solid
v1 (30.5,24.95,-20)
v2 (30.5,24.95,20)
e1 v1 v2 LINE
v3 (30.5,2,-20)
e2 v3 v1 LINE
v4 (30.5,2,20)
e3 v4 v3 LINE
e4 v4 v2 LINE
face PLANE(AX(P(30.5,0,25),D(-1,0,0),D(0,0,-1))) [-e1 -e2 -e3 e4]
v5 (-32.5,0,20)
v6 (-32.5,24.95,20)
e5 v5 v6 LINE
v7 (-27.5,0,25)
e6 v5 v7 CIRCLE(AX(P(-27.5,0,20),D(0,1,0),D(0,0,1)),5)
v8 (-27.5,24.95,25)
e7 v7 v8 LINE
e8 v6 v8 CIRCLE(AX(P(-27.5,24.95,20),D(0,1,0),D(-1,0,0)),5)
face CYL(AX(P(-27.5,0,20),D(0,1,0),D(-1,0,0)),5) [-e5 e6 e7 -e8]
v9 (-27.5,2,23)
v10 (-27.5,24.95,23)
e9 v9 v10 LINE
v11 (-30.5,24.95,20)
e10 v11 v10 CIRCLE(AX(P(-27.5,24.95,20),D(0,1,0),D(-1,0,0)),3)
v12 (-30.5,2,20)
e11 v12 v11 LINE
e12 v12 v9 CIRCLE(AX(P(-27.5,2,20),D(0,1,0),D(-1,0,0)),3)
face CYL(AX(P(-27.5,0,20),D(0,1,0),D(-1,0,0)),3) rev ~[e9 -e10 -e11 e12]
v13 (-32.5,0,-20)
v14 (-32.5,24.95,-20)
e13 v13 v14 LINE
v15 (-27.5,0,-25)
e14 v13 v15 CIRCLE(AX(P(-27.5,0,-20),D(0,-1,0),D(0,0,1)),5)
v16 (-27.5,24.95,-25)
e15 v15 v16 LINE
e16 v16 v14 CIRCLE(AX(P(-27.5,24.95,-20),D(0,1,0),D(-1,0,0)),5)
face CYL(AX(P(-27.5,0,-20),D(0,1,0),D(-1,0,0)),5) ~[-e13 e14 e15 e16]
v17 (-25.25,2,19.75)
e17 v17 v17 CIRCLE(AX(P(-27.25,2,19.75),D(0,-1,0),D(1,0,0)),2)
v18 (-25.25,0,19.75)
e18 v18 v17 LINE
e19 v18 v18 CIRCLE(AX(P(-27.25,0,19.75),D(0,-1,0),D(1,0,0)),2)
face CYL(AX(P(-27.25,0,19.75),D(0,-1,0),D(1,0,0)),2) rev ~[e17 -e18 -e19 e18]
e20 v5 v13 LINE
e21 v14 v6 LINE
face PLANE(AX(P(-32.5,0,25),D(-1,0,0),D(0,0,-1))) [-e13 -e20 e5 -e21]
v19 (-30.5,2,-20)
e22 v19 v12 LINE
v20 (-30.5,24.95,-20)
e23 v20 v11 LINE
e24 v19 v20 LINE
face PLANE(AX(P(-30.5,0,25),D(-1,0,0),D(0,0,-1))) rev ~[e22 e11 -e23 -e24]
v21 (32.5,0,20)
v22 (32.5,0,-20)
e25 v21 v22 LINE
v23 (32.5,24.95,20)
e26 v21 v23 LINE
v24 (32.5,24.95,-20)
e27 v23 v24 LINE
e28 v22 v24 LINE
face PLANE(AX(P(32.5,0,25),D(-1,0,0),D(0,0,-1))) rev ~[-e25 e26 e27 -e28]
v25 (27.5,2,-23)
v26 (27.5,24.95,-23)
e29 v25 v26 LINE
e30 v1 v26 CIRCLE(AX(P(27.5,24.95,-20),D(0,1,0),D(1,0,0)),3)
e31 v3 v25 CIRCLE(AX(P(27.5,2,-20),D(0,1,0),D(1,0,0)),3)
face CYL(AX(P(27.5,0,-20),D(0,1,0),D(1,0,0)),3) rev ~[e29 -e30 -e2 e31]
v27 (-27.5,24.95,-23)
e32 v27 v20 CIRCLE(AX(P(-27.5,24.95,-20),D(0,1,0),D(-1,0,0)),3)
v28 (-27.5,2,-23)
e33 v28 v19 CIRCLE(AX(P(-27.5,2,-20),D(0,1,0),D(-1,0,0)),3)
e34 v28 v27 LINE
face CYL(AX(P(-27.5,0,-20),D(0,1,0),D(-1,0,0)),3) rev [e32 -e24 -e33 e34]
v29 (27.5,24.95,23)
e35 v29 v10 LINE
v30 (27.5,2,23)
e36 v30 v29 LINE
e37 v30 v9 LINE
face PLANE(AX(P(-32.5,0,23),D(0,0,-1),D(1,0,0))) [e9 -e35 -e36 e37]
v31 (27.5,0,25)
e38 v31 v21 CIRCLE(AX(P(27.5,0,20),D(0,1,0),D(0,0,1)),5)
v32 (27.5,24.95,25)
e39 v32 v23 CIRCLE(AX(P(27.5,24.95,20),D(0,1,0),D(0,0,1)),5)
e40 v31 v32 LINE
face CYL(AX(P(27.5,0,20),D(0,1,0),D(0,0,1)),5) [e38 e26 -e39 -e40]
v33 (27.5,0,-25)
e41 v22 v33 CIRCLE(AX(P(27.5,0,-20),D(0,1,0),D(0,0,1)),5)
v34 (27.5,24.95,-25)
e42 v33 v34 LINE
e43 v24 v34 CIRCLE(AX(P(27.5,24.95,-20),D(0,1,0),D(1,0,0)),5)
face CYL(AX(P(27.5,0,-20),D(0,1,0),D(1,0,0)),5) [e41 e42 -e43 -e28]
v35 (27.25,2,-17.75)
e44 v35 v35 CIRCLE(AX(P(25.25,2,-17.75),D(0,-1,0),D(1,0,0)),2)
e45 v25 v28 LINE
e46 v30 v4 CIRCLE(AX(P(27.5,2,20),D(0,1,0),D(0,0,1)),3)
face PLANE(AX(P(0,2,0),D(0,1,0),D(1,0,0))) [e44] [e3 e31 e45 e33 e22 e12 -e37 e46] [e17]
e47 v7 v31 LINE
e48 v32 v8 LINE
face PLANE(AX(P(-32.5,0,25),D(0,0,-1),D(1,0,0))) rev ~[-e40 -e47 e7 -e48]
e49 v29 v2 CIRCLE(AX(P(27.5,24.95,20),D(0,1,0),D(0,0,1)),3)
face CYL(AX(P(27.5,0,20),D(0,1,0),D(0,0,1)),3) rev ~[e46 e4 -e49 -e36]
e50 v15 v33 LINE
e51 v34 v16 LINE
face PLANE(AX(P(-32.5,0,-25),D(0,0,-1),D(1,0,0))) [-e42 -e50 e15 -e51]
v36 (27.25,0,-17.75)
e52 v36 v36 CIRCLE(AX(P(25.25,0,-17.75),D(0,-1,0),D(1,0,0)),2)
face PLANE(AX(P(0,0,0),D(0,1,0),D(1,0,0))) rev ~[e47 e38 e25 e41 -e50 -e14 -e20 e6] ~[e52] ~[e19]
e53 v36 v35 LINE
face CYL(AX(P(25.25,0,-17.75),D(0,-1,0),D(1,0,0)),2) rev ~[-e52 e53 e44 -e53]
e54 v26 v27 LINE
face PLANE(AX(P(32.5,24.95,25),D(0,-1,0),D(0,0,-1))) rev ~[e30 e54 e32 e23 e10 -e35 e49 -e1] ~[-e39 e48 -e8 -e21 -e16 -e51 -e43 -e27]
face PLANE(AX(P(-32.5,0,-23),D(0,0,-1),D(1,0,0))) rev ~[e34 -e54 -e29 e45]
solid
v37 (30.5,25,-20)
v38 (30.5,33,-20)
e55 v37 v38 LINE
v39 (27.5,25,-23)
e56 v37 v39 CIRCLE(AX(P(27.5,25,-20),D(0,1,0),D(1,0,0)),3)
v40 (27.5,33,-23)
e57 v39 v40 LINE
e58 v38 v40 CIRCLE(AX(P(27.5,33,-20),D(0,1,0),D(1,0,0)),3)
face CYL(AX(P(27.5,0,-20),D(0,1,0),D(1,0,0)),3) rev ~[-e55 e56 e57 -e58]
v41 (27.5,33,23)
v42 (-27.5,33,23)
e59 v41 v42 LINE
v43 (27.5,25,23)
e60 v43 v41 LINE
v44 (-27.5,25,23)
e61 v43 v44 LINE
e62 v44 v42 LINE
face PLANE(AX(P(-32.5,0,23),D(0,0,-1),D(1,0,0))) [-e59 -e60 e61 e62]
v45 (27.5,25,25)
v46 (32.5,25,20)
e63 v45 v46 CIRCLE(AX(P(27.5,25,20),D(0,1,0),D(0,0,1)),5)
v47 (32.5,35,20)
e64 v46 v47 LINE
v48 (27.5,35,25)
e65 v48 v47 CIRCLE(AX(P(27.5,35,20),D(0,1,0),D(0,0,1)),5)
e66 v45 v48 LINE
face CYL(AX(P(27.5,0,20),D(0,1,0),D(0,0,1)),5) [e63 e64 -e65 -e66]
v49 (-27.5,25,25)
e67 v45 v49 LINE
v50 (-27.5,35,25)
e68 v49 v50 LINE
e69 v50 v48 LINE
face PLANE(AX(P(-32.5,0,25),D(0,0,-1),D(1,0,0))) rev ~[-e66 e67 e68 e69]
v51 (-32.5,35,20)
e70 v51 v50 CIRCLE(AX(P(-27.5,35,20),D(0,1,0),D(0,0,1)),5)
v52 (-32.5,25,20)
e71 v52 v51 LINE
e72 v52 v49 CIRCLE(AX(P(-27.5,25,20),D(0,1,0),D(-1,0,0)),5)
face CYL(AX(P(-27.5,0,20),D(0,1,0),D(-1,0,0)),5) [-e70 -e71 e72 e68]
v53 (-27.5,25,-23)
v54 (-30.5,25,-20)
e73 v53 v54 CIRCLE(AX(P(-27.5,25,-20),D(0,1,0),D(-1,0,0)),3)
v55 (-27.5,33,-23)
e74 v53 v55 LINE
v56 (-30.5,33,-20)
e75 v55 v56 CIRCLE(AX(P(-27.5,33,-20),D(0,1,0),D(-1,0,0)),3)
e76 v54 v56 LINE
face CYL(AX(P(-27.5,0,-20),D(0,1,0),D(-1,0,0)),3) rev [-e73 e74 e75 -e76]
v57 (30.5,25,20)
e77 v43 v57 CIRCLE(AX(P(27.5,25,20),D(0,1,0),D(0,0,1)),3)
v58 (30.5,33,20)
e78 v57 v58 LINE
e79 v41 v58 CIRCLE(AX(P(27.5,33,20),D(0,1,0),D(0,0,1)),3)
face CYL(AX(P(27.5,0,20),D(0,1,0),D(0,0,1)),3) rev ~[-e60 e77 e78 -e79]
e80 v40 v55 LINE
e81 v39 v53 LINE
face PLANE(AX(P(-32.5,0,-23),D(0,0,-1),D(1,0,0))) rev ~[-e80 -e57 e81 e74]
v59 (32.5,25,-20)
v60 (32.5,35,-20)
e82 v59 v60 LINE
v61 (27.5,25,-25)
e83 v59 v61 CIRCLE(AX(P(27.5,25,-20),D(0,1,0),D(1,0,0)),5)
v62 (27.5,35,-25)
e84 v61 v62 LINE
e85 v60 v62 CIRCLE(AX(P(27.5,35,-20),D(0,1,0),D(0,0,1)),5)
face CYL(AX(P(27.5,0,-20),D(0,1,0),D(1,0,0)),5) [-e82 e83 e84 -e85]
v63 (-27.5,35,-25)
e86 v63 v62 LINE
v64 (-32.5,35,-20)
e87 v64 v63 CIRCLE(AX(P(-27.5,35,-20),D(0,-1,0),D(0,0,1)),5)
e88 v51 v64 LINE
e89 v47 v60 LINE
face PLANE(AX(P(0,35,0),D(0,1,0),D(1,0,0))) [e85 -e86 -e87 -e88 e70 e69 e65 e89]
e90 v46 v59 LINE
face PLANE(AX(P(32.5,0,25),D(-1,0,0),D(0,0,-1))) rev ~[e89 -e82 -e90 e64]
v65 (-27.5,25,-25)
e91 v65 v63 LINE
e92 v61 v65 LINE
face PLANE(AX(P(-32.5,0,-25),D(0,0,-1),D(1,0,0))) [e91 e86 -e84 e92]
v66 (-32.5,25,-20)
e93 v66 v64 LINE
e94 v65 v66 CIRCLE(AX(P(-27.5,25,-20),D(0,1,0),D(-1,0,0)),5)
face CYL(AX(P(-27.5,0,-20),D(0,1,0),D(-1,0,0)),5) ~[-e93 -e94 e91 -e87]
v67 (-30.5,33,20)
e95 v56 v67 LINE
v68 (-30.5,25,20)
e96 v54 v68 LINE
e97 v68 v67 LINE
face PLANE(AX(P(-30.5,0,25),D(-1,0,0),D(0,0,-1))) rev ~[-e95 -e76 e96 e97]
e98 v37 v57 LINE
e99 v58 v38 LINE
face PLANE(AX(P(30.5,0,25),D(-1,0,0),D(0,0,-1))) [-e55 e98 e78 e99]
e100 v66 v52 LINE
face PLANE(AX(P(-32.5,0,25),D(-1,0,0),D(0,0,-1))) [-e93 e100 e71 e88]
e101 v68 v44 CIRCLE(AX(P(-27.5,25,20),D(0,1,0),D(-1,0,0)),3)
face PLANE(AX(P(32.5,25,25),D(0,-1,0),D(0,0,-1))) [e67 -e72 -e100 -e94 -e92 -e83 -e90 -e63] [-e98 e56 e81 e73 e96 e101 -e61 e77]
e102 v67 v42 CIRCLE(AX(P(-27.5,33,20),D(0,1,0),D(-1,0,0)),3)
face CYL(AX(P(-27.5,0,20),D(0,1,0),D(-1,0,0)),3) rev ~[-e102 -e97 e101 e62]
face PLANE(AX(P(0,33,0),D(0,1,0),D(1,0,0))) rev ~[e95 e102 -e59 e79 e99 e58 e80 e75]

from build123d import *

# Parameters (mm, degrees)
SKETCH1_W           = 65
SKETCH1_H           = 50
BOSS_EXTRUDE1_DEPTH = 35
FILLET2_R           = 5
SHELL3_T            = 2
SKETCH5_W           = 50
SKETCH5_H           = 0.05
CUT_EXTRUDE1_DEPTH  = 66
CUT_EXTRUDE2_REACH  = 37
SKETCH6_R           = 2


with BuildPart() as part:
    # Sketch1 → Boss-Extrude1 (new body)
    with BuildSketch(Plane(origin=(0, 0, 0), x_dir=(1, 0, 0), z_dir=(0, 1, 0))):
        Rectangle(SKETCH1_W, SKETCH1_H)
    extrude(amount=BOSS_EXTRUDE1_DEPTH)

    # Fillet2
    fillet2_edges = [part.edges().sort_by_distance(p)[0] for p in [
        (32.5, 17.5, 25),
        (-32.5, 17.5, 25),
        (-32.5, 17.5, -25),
        (32.5, 17.5, -25),
    ]]
    fillet(fillet2_edges, radius=FILLET2_R)

    # Shell3 (no face opened: a closed hollow body)
    add(offset(amount=-SHELL3_T, mode=Mode.PRIVATE), mode=Mode.SUBTRACT)

    # Sketch5 → Cut-Extrude1 (cut, through all)
    with BuildSketch(Plane(origin=(32.5, 0, 0), x_dir=(0, 0, -1), z_dir=(1, 0, 0))):
        with Locations((0, 24.975)):
            Rectangle(SKETCH5_W, SKETCH5_H)
    extrude(amount=-CUT_EXTRUDE1_DEPTH, mode=Mode.SUBTRACT)

    # Sketch6 → Cut-Extrude2 (cut, up to next)
    with BuildSketch(Plane.XZ, mode=Mode.PRIVATE) as cut_extrude2_sk1:
        with Locations((-27.25, 19.75)):
            Circle(SKETCH6_R)
    cut_extrude2_tool1 = extrude(cut_extrude2_sk1.sketch, amount=-CUT_EXTRUDE2_REACH, mode=Mode.PRIVATE) & part.part
    add(cut_extrude2_tool1.solids().sort_by_distance((-27.25, 0, 19.75))[0], mode=Mode.SUBTRACT)
    # Sketch6 → Cut-Extrude2 (cut, up to next)
    with BuildSketch(Plane.XZ, mode=Mode.PRIVATE) as cut_extrude2_sk2:
        with Locations((25.25, -17.75)):
            Circle(SKETCH6_R)
    cut_extrude2_tool2 = extrude(cut_extrude2_sk2.sketch, amount=-CUT_EXTRUDE2_REACH, mode=Mode.PRIVATE) & part.part
    add(cut_extrude2_tool2.solids().sort_by_distance((25.25, 0, -17.75))[0], mode=Mode.SUBTRACT)


solid = part.part
